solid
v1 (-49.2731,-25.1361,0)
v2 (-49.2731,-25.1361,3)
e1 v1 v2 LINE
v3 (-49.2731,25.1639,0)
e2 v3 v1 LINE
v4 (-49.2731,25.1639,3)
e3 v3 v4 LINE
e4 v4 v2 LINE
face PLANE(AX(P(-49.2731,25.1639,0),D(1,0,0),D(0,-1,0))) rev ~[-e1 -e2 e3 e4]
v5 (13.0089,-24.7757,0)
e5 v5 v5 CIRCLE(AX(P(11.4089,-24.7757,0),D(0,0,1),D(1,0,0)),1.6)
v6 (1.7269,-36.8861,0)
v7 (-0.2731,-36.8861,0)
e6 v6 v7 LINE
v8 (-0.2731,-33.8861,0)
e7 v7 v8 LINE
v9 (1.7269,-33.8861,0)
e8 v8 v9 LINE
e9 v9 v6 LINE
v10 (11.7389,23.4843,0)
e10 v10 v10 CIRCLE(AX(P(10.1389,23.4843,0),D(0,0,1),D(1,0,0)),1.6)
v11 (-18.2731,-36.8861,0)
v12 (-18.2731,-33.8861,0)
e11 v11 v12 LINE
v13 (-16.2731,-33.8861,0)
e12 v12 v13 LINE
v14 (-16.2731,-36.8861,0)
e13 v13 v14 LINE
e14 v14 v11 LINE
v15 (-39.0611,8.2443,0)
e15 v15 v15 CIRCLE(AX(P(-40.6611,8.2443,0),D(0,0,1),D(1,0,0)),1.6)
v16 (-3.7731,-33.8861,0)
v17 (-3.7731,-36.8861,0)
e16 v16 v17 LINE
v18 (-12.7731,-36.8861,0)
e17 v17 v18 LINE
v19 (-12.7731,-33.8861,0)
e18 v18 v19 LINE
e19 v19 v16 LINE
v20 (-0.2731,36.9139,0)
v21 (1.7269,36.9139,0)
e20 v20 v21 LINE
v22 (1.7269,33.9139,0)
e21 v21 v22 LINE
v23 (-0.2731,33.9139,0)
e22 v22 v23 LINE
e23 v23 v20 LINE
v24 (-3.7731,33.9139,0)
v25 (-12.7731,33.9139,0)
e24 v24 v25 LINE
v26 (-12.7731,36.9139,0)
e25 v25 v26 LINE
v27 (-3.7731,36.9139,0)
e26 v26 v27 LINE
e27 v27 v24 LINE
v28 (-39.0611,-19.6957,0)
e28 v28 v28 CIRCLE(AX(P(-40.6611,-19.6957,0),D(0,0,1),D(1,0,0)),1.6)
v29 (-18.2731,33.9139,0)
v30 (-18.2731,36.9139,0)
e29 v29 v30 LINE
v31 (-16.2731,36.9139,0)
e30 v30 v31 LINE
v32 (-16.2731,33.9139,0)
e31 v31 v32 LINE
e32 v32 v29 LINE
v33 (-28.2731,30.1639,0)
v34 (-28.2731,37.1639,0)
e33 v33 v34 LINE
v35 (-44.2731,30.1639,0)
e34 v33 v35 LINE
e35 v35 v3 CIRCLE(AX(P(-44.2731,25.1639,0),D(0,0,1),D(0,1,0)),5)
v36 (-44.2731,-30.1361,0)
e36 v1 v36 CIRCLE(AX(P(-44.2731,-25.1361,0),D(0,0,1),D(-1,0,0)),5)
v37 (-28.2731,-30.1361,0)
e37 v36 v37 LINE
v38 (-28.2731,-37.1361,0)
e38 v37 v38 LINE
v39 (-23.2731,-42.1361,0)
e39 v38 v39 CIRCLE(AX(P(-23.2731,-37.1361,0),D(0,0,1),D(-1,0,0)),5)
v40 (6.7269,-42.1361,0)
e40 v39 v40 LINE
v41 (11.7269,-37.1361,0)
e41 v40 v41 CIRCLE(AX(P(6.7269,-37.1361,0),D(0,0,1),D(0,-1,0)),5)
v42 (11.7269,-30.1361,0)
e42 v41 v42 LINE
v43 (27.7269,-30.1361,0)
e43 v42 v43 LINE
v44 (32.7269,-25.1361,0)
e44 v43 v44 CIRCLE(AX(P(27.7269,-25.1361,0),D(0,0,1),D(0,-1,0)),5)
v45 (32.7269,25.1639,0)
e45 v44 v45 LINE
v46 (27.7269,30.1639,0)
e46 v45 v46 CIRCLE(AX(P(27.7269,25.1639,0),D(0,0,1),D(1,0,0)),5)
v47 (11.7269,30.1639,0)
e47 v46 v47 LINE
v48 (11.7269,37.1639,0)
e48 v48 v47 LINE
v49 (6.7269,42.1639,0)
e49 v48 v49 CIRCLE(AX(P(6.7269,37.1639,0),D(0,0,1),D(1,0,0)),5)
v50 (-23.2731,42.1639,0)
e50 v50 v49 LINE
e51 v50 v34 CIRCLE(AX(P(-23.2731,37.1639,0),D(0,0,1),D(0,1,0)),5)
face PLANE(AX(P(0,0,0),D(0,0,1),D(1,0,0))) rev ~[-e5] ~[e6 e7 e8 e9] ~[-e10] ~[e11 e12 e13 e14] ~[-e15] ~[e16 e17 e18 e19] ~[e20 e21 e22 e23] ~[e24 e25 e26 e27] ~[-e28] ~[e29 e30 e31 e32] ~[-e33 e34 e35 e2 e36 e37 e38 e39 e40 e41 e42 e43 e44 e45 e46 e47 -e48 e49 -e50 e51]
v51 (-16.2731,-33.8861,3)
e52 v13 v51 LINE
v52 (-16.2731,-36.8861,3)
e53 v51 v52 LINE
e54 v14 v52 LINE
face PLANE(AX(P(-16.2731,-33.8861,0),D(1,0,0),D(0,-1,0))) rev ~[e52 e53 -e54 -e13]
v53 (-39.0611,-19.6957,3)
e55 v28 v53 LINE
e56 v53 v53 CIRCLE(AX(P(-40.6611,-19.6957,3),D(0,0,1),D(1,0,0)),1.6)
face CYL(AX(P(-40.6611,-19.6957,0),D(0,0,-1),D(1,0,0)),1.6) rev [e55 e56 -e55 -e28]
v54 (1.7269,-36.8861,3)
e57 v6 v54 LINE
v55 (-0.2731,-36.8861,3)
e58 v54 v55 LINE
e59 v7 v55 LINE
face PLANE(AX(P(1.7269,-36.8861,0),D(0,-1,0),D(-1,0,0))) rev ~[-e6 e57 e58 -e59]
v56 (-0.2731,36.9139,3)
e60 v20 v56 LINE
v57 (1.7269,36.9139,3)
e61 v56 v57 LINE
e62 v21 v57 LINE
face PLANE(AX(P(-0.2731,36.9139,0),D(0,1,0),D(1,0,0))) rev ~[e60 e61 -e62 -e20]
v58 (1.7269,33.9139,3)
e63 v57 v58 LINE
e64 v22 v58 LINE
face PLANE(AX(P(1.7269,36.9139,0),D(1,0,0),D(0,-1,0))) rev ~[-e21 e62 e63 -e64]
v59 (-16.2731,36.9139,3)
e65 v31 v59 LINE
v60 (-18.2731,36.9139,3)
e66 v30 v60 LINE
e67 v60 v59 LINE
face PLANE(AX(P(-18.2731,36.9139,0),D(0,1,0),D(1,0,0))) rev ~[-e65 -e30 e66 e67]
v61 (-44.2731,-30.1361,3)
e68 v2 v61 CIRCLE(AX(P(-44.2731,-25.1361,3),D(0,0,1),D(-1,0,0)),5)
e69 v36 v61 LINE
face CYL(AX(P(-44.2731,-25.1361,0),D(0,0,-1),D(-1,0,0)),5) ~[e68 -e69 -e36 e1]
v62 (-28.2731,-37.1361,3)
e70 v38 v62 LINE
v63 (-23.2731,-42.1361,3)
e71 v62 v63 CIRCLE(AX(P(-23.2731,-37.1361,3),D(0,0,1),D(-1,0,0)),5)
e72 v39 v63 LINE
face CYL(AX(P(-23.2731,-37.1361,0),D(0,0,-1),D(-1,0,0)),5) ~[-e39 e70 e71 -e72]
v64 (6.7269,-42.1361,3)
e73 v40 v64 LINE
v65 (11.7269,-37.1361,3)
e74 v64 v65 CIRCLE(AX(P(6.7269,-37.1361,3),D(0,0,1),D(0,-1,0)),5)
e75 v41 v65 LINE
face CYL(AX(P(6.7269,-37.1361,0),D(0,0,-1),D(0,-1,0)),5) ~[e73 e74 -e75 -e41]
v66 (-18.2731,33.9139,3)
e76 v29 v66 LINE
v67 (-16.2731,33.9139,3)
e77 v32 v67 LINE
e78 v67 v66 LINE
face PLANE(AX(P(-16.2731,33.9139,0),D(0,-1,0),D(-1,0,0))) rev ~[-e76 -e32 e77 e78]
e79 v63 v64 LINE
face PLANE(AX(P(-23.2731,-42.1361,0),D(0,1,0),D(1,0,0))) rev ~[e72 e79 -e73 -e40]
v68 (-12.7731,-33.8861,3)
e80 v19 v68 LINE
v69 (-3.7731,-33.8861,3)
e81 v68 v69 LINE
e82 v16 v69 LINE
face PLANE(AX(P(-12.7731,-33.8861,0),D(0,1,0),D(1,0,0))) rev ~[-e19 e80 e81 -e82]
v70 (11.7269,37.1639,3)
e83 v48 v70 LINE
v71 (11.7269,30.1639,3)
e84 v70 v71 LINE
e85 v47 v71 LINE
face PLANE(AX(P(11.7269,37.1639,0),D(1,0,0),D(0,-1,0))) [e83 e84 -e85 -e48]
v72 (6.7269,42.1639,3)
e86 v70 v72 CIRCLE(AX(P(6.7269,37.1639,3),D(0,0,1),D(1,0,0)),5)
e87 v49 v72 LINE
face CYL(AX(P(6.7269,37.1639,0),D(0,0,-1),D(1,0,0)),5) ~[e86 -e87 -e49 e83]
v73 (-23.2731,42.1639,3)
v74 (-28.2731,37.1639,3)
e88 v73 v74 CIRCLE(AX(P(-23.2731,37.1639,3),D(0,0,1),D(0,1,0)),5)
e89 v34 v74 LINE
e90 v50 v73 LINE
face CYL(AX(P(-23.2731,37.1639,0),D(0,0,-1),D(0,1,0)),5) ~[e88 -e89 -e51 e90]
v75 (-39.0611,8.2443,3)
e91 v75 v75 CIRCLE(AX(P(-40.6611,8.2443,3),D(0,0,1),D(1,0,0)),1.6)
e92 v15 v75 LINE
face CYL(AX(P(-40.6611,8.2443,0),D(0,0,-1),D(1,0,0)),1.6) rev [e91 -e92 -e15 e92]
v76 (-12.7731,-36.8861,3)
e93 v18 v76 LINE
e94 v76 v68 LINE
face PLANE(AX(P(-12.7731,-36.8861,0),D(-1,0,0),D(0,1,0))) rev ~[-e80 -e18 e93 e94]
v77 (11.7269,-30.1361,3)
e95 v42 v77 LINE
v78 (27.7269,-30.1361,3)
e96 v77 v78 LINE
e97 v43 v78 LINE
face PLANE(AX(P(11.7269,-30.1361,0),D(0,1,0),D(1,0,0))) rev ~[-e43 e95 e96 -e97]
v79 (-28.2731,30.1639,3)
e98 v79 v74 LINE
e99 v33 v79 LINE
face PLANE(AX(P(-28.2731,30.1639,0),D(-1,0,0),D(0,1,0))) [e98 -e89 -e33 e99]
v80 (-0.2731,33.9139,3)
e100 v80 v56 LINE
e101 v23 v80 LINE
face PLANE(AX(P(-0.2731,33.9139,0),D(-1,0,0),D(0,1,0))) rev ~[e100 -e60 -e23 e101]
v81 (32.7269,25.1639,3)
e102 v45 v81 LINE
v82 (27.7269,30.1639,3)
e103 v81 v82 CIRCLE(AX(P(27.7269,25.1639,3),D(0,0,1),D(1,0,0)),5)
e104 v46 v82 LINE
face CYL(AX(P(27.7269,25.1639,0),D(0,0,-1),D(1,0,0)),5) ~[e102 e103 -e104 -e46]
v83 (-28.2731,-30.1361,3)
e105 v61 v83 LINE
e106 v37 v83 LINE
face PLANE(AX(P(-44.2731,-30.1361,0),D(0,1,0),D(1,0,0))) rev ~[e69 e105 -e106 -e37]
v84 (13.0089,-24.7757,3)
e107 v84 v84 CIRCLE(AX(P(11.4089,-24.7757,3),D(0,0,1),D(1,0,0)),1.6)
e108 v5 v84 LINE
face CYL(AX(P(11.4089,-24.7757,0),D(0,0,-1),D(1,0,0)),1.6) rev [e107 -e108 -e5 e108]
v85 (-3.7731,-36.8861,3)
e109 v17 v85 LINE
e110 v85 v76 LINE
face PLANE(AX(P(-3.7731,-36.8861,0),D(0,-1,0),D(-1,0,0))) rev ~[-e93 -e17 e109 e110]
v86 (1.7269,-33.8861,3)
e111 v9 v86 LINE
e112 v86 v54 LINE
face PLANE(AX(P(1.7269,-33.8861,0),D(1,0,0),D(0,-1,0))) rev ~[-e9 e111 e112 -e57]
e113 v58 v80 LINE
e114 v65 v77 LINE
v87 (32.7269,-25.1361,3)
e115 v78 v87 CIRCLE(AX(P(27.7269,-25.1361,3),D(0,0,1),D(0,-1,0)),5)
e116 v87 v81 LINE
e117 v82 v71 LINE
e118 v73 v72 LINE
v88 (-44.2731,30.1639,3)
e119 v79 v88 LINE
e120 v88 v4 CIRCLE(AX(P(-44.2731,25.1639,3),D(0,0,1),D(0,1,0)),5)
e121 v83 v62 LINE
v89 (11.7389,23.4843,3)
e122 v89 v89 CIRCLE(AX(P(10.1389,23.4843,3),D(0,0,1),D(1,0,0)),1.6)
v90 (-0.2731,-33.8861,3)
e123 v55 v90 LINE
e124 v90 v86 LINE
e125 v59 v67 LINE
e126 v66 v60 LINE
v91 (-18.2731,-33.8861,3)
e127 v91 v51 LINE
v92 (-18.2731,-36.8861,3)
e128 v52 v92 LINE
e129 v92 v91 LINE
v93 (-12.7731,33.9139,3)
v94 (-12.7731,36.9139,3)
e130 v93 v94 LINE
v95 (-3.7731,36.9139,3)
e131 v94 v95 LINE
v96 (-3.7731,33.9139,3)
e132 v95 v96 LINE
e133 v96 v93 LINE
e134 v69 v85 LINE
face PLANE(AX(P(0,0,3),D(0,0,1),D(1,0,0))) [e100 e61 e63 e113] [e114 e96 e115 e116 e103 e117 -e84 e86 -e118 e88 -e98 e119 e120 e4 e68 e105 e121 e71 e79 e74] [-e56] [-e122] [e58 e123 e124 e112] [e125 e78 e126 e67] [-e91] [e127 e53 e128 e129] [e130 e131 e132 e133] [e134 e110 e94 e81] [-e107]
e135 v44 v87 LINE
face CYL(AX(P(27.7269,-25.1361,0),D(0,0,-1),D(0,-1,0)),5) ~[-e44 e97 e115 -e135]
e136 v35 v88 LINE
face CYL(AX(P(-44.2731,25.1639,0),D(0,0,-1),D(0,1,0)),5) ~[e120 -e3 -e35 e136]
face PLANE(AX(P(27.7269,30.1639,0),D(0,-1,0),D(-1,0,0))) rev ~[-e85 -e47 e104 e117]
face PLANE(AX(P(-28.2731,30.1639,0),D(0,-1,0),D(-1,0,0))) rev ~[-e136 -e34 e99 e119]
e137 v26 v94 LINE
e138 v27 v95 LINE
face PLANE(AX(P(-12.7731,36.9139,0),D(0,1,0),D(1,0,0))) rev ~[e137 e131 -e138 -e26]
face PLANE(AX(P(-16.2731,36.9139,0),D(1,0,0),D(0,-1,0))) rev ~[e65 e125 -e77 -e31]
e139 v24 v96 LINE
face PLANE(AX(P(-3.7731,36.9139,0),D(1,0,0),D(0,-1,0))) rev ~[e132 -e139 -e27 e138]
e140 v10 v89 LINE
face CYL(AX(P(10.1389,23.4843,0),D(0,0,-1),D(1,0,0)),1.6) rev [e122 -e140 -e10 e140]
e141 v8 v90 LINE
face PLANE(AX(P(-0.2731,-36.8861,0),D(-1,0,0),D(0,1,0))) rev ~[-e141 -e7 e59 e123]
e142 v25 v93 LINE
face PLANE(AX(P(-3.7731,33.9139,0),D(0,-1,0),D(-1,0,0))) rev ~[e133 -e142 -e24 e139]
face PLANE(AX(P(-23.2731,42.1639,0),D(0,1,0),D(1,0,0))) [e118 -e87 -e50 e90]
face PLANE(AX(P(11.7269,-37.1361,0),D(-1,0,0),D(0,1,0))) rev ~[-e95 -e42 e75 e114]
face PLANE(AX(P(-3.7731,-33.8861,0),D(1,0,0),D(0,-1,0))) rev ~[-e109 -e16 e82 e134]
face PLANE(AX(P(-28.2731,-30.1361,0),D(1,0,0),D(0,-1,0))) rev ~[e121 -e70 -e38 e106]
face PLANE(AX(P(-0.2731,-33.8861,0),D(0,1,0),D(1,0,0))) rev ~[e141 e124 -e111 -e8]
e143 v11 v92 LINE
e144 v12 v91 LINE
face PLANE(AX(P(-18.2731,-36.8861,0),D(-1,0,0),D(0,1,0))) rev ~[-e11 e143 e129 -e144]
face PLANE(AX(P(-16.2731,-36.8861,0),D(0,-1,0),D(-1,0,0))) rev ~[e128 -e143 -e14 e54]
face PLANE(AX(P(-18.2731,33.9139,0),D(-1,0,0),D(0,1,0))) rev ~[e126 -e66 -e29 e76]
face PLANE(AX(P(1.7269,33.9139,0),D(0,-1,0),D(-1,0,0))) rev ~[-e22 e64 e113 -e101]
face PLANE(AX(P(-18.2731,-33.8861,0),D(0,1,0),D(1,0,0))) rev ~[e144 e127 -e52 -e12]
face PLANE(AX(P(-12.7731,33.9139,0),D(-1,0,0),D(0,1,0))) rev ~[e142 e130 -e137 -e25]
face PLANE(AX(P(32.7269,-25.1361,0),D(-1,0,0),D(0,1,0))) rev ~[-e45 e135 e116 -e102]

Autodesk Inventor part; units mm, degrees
ref_plane "YZ Plane" through (0, 0, 0) normal (1, 0, 0) x (0, 1, 0)
ref_plane "XZ Plane" through (0, 0, 0) normal (0, 1, 0) x (-1, 0, 0)
ref_plane "XY Plane" through (0, 0, 0) normal (0, 0, 1) x (1, 0, 0)
sketch "Sketch1" plane through (0, 0, 0) normal (0, 0, 1) x (1, 0, 0)
  line L0 (-28.2731, 30.1639) -> (-44.2731, 30.1639) projected
  arc A0 (11.7269, 37.1639) -> (6.7269, 42.1639) centre (6.7269, 37.1639) ccw projected
  line L1 (-23.2731, 42.1639) -> (6.7269, 42.1639) projected
  arc A1 (-23.2731, 42.1639) -> (-28.2731, 37.1639) centre (-23.2731, 37.1639) ccw projected
  line L2 (-28.2731, 30.1639) -> (-28.2731, 37.1639) projected
  line L3 (-28.2731, 30.1639) -> (-44.2731, 30.1639) projected
  arc A2 (-44.2731, 30.1639) -> (-49.2731, 25.1639) centre (-44.2731, 25.1639) ccw projected
  line L4 (-49.2731, 25.1639) -> (-49.2731, -25.1361) projected
  arc A3 (-49.2731, -25.1361) -> (-44.2731, -30.1361) centre (-44.2731, -25.1361) ccw projected
  line L5 (-44.2731, -30.1361) -> (-28.2731, -30.1361) projected
  line L6 (-28.2731, -30.1361) -> (-28.2731, -37.1361) projected
  arc A4 (-28.2731, -37.1361) -> (-23.2731, -42.1361) centre (-23.2731, -37.1361) ccw projected
  line L7 (-23.2731, -42.1361) -> (6.7269, -42.1361) projected
  arc A5 (6.7269, -42.1361) -> (11.7269, -37.1361) centre (6.7269, -37.1361) ccw projected
  line L8 (11.7269, -37.1361) -> (11.7269, -30.1361) projected
  line L9 (11.7269, -30.1361) -> (27.7269, -30.1361) projected
  arc A6 (27.7269, -30.1361) -> (32.7269, -25.1361) centre (27.7269, -25.1361) ccw projected
  line L10 (32.7269, -25.1361) -> (32.7269, 25.1639) projected
  arc A7 (32.7269, 25.1639) -> (27.7269, 30.1639) centre (27.7269, 25.1639) ccw projected
  line L11 (27.7269, 30.1639) -> (11.7269, 30.1639) projected
  line L12 (11.7269, 37.1639) -> (11.7269, 30.1639) projected
  line L13 (1.7269, 36.9139) -> (1.7269, 33.9139) projected
  line L14 (1.7269, 33.9139) -> (-0.2731, 33.9139) projected
  line L15 (-0.2731, 33.9139) -> (-0.2731, 36.9139) projected
  line L16 (-0.2731, 36.9139) -> (1.7269, 36.9139) projected
  line L17 (-16.2731, 36.9139) -> (-16.2731, 33.9139) projected
  line L18 (-16.2731, 33.9139) -> (-18.2731, 33.9139) projected
  line L19 (-18.2731, 33.9139) -> (-18.2731, 36.9139) projected
  line L20 (-18.2731, 36.9139) -> (-16.2731, 36.9139) projected
  line L21 (-3.7731, 36.9139) -> (-3.7731, 33.9139) projected
  line L22 (-3.7731, 33.9139) -> (-12.7731, 33.9139) projected
  line L23 (-12.7731, 33.9139) -> (-12.7731, 36.9139) projected
  line L24 (-12.7731, 36.9139) -> (-3.7731, 36.9139) projected
  line L25 (1.7269, -33.8861) -> (1.7269, -36.8861) projected
  line L26 (1.7269, -36.8861) -> (-0.2731, -36.8861) projected
  line L27 (-0.2731, -36.8861) -> (-0.2731, -33.8861) projected
  line L28 (-0.2731, -33.8861) -> (1.7269, -33.8861) projected
  line L29 (-16.2731, -33.8861) -> (-16.2731, -36.8861) projected
  line L30 (-16.2731, -36.8861) -> (-18.2731, -36.8861) projected
  line L31 (-18.2731, -36.8861) -> (-18.2731, -33.8861) projected
  line L32 (-18.2731, -33.8861) -> (-16.2731, -33.8861) projected
  line L33 (-3.7731, -33.8861) -> (-3.7731, -36.8861) projected
  line L34 (-3.7731, -36.8861) -> (-12.7731, -36.8861) projected
  line L35 (-12.7731, -36.8861) -> (-12.7731, -33.8861) projected
  line L36 (-12.7731, -33.8861) -> (-3.7731, -33.8861) projected
  circle A8 centre (10.1389, 23.4843) radius 1.6 projected
  circle A9 centre (-40.6611, 8.2443) radius 1.6 projected
  circle A10 centre (-40.6611, -19.6957) radius 1.6 projected
  circle A11 centre (11.4089, -24.7757) radius 1.6 projected
  point P0 (0, 0)
extrude "Extrusion1" add sketch "Sketch1" along normal blind 3
properties part number "base2protopress"
